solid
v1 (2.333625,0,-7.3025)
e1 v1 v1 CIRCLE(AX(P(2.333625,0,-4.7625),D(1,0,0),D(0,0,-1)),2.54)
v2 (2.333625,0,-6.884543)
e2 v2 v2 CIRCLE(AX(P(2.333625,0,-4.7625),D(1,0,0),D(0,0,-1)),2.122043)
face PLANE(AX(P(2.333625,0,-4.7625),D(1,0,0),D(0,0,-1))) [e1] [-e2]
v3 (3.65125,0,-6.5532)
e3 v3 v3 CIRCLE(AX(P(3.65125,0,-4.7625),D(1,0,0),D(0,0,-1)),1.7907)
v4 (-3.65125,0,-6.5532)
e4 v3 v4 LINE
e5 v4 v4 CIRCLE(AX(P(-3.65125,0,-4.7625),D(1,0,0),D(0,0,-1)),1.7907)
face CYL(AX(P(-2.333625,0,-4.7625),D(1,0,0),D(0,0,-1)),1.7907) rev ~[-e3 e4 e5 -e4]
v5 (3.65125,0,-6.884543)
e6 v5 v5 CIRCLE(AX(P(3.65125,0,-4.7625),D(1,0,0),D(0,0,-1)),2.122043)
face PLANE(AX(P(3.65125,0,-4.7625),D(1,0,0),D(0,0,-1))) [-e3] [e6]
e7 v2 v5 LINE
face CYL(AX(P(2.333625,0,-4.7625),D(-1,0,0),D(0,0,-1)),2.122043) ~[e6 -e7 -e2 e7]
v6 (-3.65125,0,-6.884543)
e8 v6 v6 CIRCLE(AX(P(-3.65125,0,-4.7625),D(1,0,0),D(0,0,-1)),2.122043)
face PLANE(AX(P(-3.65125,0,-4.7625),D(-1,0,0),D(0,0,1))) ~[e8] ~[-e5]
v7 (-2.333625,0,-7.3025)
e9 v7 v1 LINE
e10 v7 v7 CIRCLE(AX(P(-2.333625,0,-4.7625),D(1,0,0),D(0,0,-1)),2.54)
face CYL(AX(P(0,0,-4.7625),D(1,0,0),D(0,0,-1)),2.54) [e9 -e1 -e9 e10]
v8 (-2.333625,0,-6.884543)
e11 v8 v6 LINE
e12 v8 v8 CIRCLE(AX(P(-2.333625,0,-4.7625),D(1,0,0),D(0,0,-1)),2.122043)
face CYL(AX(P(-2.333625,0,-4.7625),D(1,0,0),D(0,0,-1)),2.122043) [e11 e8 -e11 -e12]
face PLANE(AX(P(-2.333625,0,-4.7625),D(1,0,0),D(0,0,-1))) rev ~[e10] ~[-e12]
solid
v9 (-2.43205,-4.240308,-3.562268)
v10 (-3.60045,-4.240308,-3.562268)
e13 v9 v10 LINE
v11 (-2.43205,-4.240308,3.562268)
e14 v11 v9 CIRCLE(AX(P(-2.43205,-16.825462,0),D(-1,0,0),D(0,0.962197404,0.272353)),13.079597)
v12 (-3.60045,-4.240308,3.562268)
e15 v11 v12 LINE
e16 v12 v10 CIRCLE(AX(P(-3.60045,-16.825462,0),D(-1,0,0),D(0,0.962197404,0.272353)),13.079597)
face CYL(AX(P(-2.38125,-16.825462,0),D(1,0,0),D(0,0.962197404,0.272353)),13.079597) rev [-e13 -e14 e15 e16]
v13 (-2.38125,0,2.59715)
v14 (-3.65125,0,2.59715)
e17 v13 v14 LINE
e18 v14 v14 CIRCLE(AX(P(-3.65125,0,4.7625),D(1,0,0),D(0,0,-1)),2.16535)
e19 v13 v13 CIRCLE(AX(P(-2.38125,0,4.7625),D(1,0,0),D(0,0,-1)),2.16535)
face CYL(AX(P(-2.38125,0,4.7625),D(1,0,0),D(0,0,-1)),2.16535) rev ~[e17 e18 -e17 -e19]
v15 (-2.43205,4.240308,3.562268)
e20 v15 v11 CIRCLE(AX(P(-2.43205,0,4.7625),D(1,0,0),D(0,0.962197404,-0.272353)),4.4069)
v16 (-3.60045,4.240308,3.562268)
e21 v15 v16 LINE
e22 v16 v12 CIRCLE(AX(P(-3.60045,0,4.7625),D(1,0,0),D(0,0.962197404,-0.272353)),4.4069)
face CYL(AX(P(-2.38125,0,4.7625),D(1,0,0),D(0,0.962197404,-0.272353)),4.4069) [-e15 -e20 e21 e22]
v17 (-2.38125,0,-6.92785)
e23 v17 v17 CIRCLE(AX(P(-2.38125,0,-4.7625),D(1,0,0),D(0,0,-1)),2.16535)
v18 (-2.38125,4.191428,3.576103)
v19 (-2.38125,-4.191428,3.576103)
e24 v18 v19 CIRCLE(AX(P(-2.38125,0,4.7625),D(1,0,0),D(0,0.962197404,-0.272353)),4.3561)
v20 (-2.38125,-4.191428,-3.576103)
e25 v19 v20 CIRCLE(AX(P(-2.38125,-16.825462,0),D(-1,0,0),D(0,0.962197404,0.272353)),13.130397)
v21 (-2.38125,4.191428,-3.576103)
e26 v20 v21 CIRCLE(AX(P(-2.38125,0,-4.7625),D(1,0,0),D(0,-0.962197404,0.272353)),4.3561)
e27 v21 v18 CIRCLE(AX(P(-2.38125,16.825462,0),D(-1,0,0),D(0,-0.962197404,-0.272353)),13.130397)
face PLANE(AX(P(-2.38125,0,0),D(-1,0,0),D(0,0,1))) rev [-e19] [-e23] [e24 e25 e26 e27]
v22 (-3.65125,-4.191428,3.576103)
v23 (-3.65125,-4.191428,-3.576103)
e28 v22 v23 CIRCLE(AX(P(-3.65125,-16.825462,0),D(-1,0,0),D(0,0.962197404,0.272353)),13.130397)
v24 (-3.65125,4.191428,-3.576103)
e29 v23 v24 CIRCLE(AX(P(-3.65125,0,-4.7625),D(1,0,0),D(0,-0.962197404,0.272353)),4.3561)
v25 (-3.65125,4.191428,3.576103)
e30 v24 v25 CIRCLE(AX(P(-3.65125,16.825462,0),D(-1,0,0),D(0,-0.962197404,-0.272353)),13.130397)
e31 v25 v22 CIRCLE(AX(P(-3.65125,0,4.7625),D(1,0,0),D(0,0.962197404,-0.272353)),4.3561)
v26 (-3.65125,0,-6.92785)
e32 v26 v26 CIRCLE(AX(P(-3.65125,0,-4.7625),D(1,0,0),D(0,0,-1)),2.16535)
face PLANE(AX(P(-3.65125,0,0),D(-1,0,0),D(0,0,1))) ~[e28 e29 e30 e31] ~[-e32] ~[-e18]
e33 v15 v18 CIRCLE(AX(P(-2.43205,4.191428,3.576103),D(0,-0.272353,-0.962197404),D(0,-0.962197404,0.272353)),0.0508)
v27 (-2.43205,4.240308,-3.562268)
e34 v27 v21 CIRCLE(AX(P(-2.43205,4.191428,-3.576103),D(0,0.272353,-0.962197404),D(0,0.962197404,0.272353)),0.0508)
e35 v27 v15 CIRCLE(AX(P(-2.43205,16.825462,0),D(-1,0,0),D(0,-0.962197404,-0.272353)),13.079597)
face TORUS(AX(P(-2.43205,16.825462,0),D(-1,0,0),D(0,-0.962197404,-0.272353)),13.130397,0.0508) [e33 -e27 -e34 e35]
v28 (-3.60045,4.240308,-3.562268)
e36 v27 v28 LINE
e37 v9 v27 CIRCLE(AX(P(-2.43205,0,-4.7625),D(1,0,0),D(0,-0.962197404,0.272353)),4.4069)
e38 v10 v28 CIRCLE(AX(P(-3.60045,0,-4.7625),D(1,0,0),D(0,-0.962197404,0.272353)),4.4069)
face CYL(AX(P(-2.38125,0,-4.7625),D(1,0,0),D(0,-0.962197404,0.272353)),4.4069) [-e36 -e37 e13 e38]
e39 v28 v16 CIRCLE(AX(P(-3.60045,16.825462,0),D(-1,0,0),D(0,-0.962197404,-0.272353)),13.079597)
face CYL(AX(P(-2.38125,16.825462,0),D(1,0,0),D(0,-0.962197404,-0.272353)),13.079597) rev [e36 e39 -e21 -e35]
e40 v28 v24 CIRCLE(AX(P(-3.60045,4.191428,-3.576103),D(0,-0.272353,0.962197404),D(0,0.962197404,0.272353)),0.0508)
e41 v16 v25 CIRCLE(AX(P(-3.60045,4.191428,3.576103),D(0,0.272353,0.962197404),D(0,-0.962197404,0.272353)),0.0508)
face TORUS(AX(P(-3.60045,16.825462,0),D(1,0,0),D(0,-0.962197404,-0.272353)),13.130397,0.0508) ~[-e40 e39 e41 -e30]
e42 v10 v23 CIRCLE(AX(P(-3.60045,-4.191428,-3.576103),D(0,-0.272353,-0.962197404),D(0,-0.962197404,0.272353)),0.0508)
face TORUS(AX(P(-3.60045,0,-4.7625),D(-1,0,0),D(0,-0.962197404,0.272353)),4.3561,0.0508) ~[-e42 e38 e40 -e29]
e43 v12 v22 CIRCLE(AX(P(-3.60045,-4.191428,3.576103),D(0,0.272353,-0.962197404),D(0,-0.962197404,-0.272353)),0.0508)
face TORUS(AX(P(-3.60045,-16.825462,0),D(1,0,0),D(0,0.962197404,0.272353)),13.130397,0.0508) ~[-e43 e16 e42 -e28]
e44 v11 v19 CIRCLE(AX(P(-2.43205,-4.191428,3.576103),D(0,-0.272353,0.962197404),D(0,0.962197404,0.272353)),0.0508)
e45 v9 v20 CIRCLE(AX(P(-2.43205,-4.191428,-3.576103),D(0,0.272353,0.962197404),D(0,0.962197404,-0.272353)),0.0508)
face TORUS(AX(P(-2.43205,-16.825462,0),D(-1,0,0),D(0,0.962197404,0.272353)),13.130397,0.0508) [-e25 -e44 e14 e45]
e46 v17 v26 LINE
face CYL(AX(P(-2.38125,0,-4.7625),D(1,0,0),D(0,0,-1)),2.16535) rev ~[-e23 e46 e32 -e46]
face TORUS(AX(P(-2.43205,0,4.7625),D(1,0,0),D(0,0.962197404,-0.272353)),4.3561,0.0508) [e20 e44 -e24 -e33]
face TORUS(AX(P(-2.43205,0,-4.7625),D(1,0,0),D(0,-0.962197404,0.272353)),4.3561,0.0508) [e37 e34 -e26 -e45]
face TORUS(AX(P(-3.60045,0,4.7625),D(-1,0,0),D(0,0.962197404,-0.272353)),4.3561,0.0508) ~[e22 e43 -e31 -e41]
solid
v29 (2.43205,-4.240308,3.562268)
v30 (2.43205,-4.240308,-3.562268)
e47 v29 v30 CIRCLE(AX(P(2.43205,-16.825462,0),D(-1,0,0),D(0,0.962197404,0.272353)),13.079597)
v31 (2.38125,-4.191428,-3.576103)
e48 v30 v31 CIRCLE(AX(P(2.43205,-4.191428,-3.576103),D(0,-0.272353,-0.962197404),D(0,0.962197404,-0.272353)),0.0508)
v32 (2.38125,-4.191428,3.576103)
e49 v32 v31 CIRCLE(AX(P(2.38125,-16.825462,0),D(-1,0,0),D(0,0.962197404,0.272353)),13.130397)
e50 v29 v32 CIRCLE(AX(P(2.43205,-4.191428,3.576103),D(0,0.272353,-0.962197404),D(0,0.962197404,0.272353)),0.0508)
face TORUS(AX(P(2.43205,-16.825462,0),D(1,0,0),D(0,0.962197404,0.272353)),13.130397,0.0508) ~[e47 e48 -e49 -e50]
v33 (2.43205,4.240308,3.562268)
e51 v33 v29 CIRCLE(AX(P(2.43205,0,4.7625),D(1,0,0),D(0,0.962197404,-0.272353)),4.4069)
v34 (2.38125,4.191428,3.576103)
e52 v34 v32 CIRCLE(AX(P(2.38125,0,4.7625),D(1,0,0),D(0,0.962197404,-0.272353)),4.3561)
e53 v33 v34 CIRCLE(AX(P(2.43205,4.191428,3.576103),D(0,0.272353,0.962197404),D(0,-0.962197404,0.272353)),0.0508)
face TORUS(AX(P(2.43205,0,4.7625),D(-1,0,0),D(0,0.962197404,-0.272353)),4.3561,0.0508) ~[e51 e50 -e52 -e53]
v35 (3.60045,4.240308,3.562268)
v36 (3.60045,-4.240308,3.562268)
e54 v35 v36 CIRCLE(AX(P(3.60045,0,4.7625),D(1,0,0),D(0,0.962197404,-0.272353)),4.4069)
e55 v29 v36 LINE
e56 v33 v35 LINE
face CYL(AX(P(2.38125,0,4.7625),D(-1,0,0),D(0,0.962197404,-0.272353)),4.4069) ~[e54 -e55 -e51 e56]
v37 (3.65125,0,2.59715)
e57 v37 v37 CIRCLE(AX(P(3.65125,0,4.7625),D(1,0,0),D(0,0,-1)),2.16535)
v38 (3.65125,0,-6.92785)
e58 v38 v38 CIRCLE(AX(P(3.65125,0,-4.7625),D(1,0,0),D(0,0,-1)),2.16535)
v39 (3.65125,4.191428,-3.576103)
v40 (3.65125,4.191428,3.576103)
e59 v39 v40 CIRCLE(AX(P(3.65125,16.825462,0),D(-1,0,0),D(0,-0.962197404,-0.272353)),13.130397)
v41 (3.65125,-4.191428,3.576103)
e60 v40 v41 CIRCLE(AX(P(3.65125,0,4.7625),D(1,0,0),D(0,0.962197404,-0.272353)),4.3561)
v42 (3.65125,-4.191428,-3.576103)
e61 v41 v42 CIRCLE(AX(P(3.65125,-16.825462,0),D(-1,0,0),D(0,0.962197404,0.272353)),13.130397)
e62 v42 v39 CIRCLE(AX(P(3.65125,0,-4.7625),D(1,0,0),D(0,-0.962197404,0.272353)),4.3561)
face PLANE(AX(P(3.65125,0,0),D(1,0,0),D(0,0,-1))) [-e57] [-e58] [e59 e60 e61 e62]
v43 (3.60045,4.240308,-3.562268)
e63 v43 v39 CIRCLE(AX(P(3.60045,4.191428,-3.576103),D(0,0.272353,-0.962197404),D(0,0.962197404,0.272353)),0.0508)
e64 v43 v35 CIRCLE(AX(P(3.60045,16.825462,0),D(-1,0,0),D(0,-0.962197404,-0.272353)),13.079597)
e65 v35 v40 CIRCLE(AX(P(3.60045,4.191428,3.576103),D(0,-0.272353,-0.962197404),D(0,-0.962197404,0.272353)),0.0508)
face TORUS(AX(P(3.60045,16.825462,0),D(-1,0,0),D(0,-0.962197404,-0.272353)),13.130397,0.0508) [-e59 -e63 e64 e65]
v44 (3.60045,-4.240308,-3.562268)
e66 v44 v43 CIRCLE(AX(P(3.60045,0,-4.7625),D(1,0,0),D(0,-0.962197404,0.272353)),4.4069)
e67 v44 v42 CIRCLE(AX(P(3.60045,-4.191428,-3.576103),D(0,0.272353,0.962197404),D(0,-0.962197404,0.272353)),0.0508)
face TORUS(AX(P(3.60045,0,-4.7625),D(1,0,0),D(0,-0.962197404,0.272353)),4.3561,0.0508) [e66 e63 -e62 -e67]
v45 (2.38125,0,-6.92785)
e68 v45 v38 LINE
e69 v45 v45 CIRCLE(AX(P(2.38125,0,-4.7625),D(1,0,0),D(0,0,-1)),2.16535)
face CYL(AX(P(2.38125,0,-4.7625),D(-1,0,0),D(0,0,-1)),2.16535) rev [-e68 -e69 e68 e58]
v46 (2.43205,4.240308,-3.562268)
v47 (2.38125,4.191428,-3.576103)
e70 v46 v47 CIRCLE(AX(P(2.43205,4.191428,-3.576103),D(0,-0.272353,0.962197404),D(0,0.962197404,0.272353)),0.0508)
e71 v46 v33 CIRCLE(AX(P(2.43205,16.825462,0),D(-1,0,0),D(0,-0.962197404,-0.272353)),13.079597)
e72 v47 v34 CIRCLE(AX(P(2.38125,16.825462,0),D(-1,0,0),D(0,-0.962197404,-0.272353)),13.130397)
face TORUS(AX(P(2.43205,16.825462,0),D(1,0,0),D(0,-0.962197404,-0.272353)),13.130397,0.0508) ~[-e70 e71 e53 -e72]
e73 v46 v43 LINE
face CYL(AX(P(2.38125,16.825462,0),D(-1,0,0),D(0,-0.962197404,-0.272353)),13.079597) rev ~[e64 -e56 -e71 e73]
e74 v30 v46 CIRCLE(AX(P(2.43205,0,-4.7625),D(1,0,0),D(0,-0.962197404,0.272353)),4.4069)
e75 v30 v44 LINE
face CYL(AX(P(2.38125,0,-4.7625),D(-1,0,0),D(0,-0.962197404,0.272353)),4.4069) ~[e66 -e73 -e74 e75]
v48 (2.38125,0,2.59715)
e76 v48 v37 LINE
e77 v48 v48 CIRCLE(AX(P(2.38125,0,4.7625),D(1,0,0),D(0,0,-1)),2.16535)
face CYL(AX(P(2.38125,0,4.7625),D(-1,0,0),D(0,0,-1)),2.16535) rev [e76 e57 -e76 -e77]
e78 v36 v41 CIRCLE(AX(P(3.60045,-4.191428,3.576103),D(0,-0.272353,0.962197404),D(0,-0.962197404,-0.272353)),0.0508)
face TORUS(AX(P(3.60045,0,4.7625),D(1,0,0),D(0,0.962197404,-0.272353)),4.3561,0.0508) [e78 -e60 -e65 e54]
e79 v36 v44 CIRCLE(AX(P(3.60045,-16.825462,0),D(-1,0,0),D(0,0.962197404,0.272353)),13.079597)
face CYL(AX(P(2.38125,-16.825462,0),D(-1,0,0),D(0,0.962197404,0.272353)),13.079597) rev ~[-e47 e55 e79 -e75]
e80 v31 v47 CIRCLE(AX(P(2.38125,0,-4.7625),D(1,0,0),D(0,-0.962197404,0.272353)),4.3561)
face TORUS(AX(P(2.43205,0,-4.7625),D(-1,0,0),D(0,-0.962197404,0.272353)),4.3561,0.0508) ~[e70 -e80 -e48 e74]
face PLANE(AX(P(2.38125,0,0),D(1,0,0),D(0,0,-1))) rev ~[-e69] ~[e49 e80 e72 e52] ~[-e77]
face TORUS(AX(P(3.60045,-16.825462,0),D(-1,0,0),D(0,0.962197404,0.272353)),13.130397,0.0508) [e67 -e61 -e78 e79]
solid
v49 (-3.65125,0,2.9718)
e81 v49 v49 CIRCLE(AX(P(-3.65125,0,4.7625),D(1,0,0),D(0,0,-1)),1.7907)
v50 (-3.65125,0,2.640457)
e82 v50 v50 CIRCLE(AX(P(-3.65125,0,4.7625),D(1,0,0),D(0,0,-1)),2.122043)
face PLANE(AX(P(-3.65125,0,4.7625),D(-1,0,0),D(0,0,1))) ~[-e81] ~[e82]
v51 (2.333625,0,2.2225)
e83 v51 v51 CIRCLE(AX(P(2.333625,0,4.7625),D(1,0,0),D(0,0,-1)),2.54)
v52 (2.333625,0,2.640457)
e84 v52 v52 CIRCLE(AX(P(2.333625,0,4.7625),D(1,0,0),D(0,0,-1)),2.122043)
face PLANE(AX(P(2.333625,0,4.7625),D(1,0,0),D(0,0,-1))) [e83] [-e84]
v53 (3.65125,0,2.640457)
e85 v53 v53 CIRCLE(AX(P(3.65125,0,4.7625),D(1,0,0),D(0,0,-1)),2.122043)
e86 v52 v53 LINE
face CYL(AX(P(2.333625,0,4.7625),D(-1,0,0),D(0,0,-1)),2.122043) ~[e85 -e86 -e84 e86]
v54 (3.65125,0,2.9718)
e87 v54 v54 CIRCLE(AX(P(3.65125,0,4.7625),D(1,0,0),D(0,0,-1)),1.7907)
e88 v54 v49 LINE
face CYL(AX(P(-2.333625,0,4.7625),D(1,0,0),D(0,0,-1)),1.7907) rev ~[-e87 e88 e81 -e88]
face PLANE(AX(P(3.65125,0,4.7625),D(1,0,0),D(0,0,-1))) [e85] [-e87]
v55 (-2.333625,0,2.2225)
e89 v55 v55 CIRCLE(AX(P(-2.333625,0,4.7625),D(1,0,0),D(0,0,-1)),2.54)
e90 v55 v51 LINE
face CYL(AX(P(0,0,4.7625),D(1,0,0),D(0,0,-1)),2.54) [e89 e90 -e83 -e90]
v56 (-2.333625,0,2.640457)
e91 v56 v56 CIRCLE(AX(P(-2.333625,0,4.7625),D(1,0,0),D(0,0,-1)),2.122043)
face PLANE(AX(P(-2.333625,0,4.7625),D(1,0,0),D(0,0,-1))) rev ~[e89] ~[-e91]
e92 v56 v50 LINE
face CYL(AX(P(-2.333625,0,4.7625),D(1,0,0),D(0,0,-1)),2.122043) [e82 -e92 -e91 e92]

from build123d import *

# Parameters (mm, degrees)
BOSS_EXTRUDE1_START   = 2.38125
SKETCH3_R             = 2.16535
BOSS_EXTRUDE1_DEPTH   = 1.27
FILLET1_R             = 0.0508
SKETCH4_R             = 2.54
SKETCH4_R_2           = 1.7907
BOSS_EXTRUDE2_DEPTH   = 2.333625
BOSS_EXTRUDE2_2_DEPTH = 2.333625
SKETCH5_R             = 2.122043
SKETCH5_R_2           = 1.7907
BOSS_EXTRUDE3_DEPTH   = 1.317625
SKETCH6_R             = 2.122043
SKETCH6_R_2           = 1.7907
BOSS_EXTRUDE4_DEPTH   = 1.317625


with BuildPart() as part:
    # Sketch3 → Boss-Extrude1 (new body)
    with BuildSketch(Plane(origin=(0, 0, 0), x_dir=(0, 0, -1), z_dir=(1, 0, 0)).offset(BOSS_EXTRUDE1_START)):
        with BuildLine():
            ThreePointArc((-3.562267566, 4.240307738), (-9.1694, 0), (-3.562267566, -4.240307738))
            ThreePointArc((-3.562267566, -4.240307738), (0, -3.745865), (3.562267566, -4.240307738))
            ThreePointArc((3.562267566, -4.240307738), (9.1694, 0), (3.562267566, 4.240307738))
            ThreePointArc((3.562267566, 4.240307738), (0, 3.745865), (-3.562267566, 4.240307738))
        make_face()
        with Locations((-4.7625, 0)):
            Circle(SKETCH3_R, mode=Mode.SUBTRACT)
        with Locations((4.7625, 0)):
            Circle(SKETCH3_R, mode=Mode.SUBTRACT)
    extrude(amount=BOSS_EXTRUDE1_DEPTH)

    # Fillet1
    fillet1_edges = [part.edges().sort_by_distance(p)[0] for p in [
        (2.38125, -3.745865, 0),
        (2.38125, 0, -9.1694),
        (2.38125, 3.745865, 0),
        (3.65125, 0, -9.1694),
        (3.65125, -3.745865, 0),
        (3.65125, 0, 9.1694),
        (3.65125, 3.745865, 0),
        (2.38125, 0, 9.1694),
    ]]
    fillet(fillet1_edges, radius=FILLET1_R)


with BuildPart() as body_2:
    # Mirror1: mirrored copy
    add(part.part.mirror(Plane(origin=(0, 0, 0), x_dir=(0, 0, 1), z_dir=(1, 0, 0))))


with BuildPart() as body_3:
    # Sketch4 → Boss-Extrude2 (new body, symmetric)
    with BuildSketch(Plane(origin=(0, 0, 0), x_dir=(0, 0, -1), z_dir=(1, 0, 0))):
        with Locations((-4.7625, 0)):
            Circle(SKETCH4_R)
        with Locations((-4.7625, 0)):
            Circle(SKETCH4_R_2, mode=Mode.SUBTRACT)
    extrude(amount=BOSS_EXTRUDE2_DEPTH, both=True)


with BuildPart() as body_4:
    # Sketch4 → Boss-Extrude2 2 (new body, symmetric)
    with BuildSketch(Plane(origin=(0, 0, 0), x_dir=(0, 0, -1), z_dir=(1, 0, 0))):
        with Locations((4.7625, 0)):
            Circle(SKETCH4_R)
        with Locations((4.7625, 0)):
            Circle(SKETCH4_R_2, mode=Mode.SUBTRACT)
    extrude(amount=BOSS_EXTRUDE2_2_DEPTH, both=True)


with BuildPart() as body_5:
    # Sketch5 → Boss-Extrude3 (new body)
    with BuildSketch(Plane(origin=(2.333625, 0, 0), x_dir=(0, 0, -1), z_dir=(1, 0, 0))):
        with Locations((-4.7625, 0)):
            Circle(SKETCH5_R)
        with Locations((-4.7625, 0)):
            Circle(SKETCH5_R_2, mode=Mode.SUBTRACT)
    extrude(amount=BOSS_EXTRUDE3_DEPTH)


with BuildPart() as body_6:
    # Sketch6 → Boss-Extrude4 (new body)
    with BuildSketch(Plane(origin=(2.333625, 0, 0), x_dir=(0, 0, -1), z_dir=(1, 0, 0))):
        with Locations((4.7625, 0)):
            Circle(SKETCH6_R)
        with Locations((4.7625, 0)):
            Circle(SKETCH6_R_2, mode=Mode.SUBTRACT)
    extrude(amount=BOSS_EXTRUDE4_DEPTH)


with BuildPart() as body_7:
    # Mirror2: mirrored copy
    add(body_5.part.mirror(Plane(origin=(0, 0, 0), x_dir=(0, 0, 1), z_dir=(1, 0, 0))))


with BuildPart() as body_8:
    # Mirror2 2: mirrored copy
    add(body_6.part.mirror(Plane(origin=(0, 0, 0), x_dir=(0, 0, 1), z_dir=(1, 0, 0))))


with BuildPart() as body_3_1:
    add(body_3.part)

    # Combine1: union body 5, body 7
    add(body_5.part)
    add(body_7.part)


with BuildPart() as body_4_1:
    add(body_4.part)

    # Combine2: union body 6, body 8
    add(body_6.part)
    add(body_8.part)


solid = Compound([part.part, body_2.part, body_3_1.part, body_4_1.part])
